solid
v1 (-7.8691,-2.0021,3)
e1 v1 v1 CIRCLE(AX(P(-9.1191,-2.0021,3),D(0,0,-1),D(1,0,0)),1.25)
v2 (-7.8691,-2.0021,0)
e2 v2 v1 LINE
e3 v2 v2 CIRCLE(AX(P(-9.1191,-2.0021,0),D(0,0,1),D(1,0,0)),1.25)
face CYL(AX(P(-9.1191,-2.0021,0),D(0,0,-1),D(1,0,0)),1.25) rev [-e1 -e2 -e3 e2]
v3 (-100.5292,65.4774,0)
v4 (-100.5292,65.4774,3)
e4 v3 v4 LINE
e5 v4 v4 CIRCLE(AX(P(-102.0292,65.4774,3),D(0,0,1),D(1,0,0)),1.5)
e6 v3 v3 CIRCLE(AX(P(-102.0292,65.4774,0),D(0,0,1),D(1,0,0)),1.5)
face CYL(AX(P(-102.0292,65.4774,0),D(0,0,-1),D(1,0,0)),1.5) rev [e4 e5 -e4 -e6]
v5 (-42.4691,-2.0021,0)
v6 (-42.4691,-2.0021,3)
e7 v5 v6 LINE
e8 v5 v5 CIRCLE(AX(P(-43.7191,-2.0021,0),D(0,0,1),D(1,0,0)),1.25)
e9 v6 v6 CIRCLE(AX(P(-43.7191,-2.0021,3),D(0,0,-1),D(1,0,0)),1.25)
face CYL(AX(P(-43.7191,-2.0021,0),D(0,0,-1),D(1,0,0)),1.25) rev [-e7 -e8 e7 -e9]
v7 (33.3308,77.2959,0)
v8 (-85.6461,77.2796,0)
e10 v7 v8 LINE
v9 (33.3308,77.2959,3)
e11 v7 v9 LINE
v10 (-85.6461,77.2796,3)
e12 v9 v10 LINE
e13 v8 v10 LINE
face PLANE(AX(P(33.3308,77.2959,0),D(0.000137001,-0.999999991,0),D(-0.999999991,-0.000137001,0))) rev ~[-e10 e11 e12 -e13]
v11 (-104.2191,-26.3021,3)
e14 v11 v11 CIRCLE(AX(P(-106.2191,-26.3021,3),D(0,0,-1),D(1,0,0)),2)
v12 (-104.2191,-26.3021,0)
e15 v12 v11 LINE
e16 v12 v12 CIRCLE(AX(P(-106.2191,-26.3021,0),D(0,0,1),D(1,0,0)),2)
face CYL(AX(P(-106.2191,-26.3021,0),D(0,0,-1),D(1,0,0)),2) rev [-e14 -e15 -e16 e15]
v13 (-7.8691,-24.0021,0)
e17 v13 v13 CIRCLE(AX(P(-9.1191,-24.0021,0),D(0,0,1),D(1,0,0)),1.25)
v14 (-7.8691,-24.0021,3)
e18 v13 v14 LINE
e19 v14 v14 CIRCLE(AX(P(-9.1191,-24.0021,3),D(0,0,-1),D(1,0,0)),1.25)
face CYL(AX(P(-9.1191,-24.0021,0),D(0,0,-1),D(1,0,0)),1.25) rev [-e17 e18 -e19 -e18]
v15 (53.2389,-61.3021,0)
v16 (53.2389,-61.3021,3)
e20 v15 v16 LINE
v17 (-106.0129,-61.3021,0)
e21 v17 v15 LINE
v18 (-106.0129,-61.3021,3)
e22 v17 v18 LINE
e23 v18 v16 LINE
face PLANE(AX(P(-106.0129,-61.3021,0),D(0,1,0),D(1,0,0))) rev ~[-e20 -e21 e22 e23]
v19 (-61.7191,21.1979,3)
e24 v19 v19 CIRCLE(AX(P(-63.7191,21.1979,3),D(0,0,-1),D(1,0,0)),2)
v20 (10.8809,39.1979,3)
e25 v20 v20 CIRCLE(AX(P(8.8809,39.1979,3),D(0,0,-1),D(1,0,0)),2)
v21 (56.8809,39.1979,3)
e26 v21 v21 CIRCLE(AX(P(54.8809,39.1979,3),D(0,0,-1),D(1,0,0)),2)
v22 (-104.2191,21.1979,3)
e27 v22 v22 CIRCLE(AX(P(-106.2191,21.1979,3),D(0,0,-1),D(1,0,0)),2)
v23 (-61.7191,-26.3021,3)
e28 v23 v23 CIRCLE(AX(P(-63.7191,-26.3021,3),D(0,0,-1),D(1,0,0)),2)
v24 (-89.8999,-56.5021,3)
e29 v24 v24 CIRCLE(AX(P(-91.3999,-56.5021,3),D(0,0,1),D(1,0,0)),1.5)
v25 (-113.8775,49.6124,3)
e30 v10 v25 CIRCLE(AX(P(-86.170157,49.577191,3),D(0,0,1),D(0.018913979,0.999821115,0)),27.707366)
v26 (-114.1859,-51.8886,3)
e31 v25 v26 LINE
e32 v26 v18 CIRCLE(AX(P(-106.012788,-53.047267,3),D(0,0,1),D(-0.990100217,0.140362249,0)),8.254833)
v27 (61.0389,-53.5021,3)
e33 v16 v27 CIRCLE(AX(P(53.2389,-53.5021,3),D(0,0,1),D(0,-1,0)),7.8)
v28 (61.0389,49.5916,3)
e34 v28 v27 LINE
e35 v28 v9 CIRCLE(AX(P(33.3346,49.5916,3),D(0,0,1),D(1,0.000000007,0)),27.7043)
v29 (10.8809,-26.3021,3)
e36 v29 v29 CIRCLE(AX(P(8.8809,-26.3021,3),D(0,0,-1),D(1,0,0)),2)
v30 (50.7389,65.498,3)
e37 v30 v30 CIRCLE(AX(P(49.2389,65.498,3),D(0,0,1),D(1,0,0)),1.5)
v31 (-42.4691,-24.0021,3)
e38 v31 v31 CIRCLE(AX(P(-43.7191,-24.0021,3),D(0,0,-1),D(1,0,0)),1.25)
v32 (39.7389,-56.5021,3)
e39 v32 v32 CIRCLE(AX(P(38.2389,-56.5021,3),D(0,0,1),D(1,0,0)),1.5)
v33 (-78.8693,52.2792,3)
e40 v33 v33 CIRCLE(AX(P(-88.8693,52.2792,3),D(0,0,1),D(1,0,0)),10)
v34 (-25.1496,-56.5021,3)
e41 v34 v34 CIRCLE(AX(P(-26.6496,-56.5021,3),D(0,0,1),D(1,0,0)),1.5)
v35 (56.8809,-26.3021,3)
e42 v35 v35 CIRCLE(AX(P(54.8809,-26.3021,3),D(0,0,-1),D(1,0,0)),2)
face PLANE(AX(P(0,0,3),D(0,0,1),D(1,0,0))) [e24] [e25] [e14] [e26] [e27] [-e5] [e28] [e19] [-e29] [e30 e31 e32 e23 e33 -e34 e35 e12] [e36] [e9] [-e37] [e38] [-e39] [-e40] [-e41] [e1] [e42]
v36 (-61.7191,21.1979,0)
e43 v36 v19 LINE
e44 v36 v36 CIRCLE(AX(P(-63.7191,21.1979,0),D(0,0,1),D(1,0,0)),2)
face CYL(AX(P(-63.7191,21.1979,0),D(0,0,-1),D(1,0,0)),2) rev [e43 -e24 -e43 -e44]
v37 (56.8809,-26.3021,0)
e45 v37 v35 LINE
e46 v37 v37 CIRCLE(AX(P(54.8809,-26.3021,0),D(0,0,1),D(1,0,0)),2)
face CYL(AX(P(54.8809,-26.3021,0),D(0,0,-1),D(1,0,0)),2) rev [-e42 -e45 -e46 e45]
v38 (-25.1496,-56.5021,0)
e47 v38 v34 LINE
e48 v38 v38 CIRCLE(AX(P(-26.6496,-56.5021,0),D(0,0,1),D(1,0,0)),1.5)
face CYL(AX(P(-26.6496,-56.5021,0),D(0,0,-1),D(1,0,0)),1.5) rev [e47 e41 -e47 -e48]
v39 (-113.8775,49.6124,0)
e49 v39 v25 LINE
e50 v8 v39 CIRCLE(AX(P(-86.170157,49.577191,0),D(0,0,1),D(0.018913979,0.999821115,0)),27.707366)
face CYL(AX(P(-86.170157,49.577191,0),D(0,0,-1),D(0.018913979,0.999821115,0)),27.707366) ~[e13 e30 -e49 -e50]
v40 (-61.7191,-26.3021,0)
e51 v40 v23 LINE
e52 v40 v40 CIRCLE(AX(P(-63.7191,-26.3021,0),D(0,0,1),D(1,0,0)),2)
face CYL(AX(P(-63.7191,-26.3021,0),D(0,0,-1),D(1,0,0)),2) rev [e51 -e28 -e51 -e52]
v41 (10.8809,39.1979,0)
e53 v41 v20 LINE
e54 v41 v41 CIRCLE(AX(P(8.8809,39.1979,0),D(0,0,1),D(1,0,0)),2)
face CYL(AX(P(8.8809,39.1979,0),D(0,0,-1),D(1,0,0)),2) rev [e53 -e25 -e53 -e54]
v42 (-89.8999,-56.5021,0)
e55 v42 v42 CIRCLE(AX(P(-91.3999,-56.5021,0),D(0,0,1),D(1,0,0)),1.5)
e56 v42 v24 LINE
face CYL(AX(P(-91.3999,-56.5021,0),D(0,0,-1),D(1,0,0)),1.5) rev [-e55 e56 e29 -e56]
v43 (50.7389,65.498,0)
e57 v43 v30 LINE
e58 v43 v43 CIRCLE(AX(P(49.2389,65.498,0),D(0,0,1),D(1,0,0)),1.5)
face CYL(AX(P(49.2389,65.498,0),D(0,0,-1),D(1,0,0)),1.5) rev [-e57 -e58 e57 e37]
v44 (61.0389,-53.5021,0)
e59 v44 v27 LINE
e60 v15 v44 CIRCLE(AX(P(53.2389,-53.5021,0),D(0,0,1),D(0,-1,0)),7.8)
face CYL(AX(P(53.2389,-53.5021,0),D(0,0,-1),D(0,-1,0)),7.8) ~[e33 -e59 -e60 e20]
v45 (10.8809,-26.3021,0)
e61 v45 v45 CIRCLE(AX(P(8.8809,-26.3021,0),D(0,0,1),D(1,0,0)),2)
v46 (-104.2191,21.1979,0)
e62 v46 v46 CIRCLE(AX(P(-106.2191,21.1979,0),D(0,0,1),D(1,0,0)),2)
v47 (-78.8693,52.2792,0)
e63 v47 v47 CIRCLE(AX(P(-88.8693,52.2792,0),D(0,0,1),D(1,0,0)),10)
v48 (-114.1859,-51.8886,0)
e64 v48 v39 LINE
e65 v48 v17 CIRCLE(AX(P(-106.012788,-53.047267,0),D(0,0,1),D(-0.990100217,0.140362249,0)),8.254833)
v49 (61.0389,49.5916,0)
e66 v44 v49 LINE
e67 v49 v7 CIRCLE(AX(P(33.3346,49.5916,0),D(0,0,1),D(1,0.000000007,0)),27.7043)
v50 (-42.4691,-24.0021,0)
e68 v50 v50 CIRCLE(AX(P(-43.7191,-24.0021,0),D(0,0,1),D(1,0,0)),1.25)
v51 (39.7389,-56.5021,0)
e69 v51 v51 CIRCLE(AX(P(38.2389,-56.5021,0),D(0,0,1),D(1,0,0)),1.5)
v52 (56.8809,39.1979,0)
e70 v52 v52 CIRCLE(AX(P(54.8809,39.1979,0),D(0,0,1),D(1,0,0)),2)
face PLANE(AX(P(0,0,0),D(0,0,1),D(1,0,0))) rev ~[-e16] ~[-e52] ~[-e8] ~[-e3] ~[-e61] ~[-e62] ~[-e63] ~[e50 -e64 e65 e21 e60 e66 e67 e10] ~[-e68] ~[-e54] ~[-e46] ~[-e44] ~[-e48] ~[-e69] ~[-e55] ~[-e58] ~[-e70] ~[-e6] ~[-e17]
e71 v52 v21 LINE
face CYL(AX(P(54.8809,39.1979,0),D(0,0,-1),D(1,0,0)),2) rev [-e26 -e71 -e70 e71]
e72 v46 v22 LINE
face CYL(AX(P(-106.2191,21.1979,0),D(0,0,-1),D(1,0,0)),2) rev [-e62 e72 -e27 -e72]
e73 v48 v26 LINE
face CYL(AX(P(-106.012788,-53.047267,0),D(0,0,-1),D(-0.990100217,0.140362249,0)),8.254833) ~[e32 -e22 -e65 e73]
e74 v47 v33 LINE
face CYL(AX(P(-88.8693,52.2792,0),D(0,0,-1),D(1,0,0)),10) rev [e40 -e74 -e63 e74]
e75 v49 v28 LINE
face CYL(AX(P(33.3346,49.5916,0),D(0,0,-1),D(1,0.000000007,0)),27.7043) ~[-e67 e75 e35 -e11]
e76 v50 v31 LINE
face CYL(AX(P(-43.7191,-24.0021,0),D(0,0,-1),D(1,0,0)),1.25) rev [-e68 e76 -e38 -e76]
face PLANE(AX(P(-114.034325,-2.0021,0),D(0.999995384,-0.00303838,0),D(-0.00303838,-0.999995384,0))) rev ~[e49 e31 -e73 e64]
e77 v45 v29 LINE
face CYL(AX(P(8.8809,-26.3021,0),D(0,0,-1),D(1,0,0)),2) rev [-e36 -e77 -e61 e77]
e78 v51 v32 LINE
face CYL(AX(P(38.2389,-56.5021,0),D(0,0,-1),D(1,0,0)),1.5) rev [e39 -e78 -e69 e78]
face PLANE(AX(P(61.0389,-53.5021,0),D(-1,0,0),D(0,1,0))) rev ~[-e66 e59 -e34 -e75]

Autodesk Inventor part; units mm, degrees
ref_plane "YZ Plane" through (0, 0, 0) normal (1, 0, 0) x (0, 1, 0)
ref_plane "XZ Plane" through (0, 0, 0) normal (0, 1, 0) x (-1, 0, 0)
ref_plane "XY Plane" through (0, 0, 0) normal (0, 0, 1) x (1, 0, 0)
sketch "Sketch1" plane through (0, 0, 0) normal (0, 0, 1) x (1, 0, 0)
  arc A0 (-85.6258, 79.4796) -> (-116.0775, 49.6172) centre (-86.1702, 49.5773) ccw
  line L0 (-85.6258, 79.4796) -> (33.3305, 79.4959)
  arc A1 (63.2389, 49.5916) -> (33.3305, 79.4959) centre (33.3346, 49.5916) ccw
  line L1 (63.2389, -50.9075) -> (63.2389, 49.5916)
  line L2 (63.2389, 49.5916) -> (63.2389, -53.5021)
  line L3 (-116.0775, 49.6172) -> (-116.3855, -51.7391)
  line L4 (-116.0775, 49.6172) -> (-116.0775, -50.4074)
  line L5 (-106.0129, -63.5021) -> (53.2389, -63.5021)
  arc A2 (53.2389, -63.5021) -> (63.2389, -53.5021) centre (53.2389, -53.5021) ccw
  arc A3 (-86.7039, 77.4795) -> (-114.0775, 49.6129) centre (-86.1702, 49.5773) ccw
  line L6 (-86.7039, 77.4795) -> (33.3308, 77.4959)
  arc A4 (61.2389, 49.5916) -> (33.3308, 77.4959) centre (33.3346, 49.5916) ccw
  line L7 (61.2389, 49.5916) -> (61.2389, -53.5021)
  arc A5 (53.2389, -61.5021) -> (61.2389, -53.5021) centre (53.2389, -53.5021) ccw
  line L8 (53.2389, -61.5021) -> (-106.0129, -61.5021)
  arc A6 (-114.3859, -51.8743) -> (-106.0129, -61.5021) centre (-106.0129, -53.0473) ccw
  line L9 (-114.3859, -51.8743) -> (-114.0775, 49.6129)
  line L10 (33.3308, 77.2959) -> (-85.6461, 77.2796)
  arc A7 (-85.6461, 77.2796) -> (-113.8775, 49.6124) centre (-86.1702, 49.5773) ccw
  line L11 (-113.8775, 49.6124) -> (-114.1859, -51.8886)
  arc A8 (-114.1859, -51.8886) -> (-106.0129, -61.3021) centre (-106.0129, -53.0473) ccw
  line L12 (-106.0129, -61.3021) -> (53.2389, -61.3021)
  arc A9 (53.2389, -61.3021) -> (61.0389, -53.5021) centre (53.2389, -53.5021) ccw
  line L13 (61.0389, -53.5021) -> (61.0389, 49.5916)
  arc A10 (61.0389, 49.5916) -> (33.3308, 77.2959) centre (33.3346, 49.5916) ccw
  circle A11 centre (-102.0292, 65.4774) radius 1.5
  circle A12 centre (49.2389, 65.498) radius 1.5
  circle A13 centre (-26.6496, -56.5021) radius 1.5
  circle A14 centre (-91.3999, -56.5021) radius 1.5
  circle A15 centre (38.2389, -56.5021) radius 1.5
  line L14 (-116.0775, -2.0021) -> (63.2389, -2.0021)
  line L15 (-43.7191, -2.0021) -> (-9.1191, -2.0021)
  line L16 (-9.1191, -2.0021) -> (-9.1191, -24.0021)
  line L17 (-9.1191, -24.0021) -> (-43.7191, -24.0021)
  line L18 (-43.7191, -24.0021) -> (-43.7191, -2.0021)
  circle A16 centre (-43.7191, -2.0021) radius 1.25
  circle A17 centre (-9.1191, -2.0021) radius 1.25
  circle A18 centre (-9.1191, -24.0021) radius 1.25
  circle A19 centre (-43.7191, -24.0021) radius 1.25
  line L19 (-63.7191, 9.7883) -> (-63.7191, -26.3021)
  circle A20 centre (-63.7191, 21.1979) radius 2
  circle A21 centre (-63.7191, -26.3021) radius 2
  line L20 (-63.7191, 21.1979) -> (-106.2191, 21.1979)
  line L21 (-63.7191, -26.3021) -> (-106.2191, -26.3021)
  line L22 (-106.2191, -26.3021) -> (-106.2191, 21.1979)
  circle A22 centre (-106.2191, 21.1979) radius 2
  circle A23 centre (-106.2191, -26.3021) radius 2
  line L23 (-63.7191, 9.7883) -> (-63.7191, 21.1979)
  line L24 (-109.1691, 24.1479) -> (-60.7691, 24.1479)
  line L25 (-60.7691, 24.1479) -> (-60.7691, 9.7883)
  line L26 (-60.7691, 9.7883) -> (-60.7691, -29.2521)
  line L27 (-60.7691, -29.2521) -> (-109.1691, -29.2521)
  line L28 (-109.1691, -29.2521) -> (-109.1691, 24.1479)
  line L29 (8.8809, 39.1979) -> (54.8809, 39.1979)
  line L30 (54.8809, 39.1979) -> (54.8809, -26.3021)
  line L31 (54.8809, -26.3021) -> (8.8809, -26.3021)
  line L32 (8.8809, -26.3021) -> (8.8809, 39.1979)
  circle A24 centre (8.8809, 39.1979) radius 2
  circle A25 centre (54.8809, 39.1979) radius 2
  circle A26 centre (8.8809, -26.3021) radius 2
  circle A27 centre (54.8809, -26.3021) radius 2
  circle A28 centre (-88.8693, 52.2792) radius 10
  point P0 (0, 0)
  point P1 (44.321, -53.9075)
  point P2 (51.321, -50.9075)
  point P3 (-9.1191, -13.0021)
  point P4 (-84.9691, -26.3021)
  dimension "d0" = 10
  dimension "d1" = 2
  dimension "d2" = 0.2
  dimension "d3" = 3
  dimension "d4" = 3
  dimension "d5" = 3
  dimension "d6" = 3
  dimension "d7" = 3
  dimension "d8" = 14
  dimension "d9" = 14
  dimension "d10" = 14
  dimension "d11" = 14
  dimension "d12" = 89.75
  dimension "d13" = 7
  dimension "d14" = 7
  dimension "d15" = 7
  dimension "d16" = 25
  dimension "d17" = 25
  dimension "d20" = 61.5
  dimension "d21" = 34.6
  dimension "d22" = 22
  dimension "d23" = 2.5
  dimension "d24" = 2.5
  dimension "d25" = 2.5
  dimension "d26" = 2.5
  dimension "d27" = 0
  dimension "d28" = 179.3164
  dimension "d29" = 72.358
  dimension "d32" = 20
  dimension "d33" = 47.5
  dimension "d34" = 4
  dimension "d35" = 4
  dimension "d36" = 42.5
  dimension "d37" = 4
  dimension "d38" = 4
  dimension "d39" = 48.4
  dimension "d51" = 46
  dimension "d52" = 65.5
  dimension "d53" = 18
  dimension "d54" = 35
  dimension "d55" = 35
  dimension "d56" = 4
  dimension "d57" = 4
  dimension "d58" = 4
  dimension "d59" = 4
  dimension "d62" = 20
  dimension "d63" = 25
  dimension "d64" = 25
  dimension "d67" = 27.7043
extrude "Extrusion1" add sketch "Sketch1" along normal blind 3 contours L14 L28 L27 L26 A16 L18 A19 L17 A18 L16 A17 L32 A26 L31 A27 L30 L13 A9 L12 A8 L11 | L11 A7 L10 A10 L13 L14 L30 A25 L29 A24 L32 A17 A16 L26 L25 L24 L28 | L28 L24 L25 L26 L14 L19 L23 A20 L20 A22 L22 | L14 L22 A23 L21 A21 L19 L26 L27 L28 | L22 A22 L20 A20 L23 L19 L14 | L14 L19 A21 L21 A23 L22 | L30 A27 L31 A26 L32 L14 | L14 L32 A24 L29 A25 L30 | A23 L21 L22 | L22 L21 A23 | A22 L20 L22 | L22 L20 A22 | A25 L29 L30 | L30 L29 A25 | A27 L31 L30 | L30 L31 A27 | A21 L21 L19 | L19 L21 A21 | A17 L16 L14 | L14 A17 | A26 L31 L32 | L32 L31 A26 | A24 L29 L32 | L32 L29 A24 | A16 L14 | L14 L18 A16 | L23 L20 A20 | A20 L20 L23 | L16 A17 L14 | A17 L16 A18 L17 A19 L18 A16 L14 | L14 A16 L18 | A18 L17 L16 | L16 L17 A18 | A19 L17 L18 | L18 L17 A19 | A28
extrude "Extrusion2" cut sketch "Sketch1" along normal up to surface (3 mm away) contours A17 L16 L14 | L14 A17 | A16 L14 | L14 L18 A16 | L16 A17 L14 | L14 A16 L18 | A18 L17 L16 | L16 L17 A18 | A19 L17 L18 | L18 L17 A19
extrude "Extrusion3" cut sketch "Sketch1" along normal blind 3 contours A23 L21 L22 | L22 L21 A23 | A22 L20 L22 | L22 L20 A22 | A21 L21 L19 | L19 L21 A21 | L23 L20 A20 | A20 L20 L23
extrude "Extrusion5" cut sketch "Sketch1" along normal up to surface (3 mm away) contours A25 L29 L30 | L30 L29 A25 | A27 L31 L30 | L30 L31 A27 | A26 L31 L32 | L32 L31 A26 | A24 L29 L32 | L32 L29 A24
extrude "Extrusion6" cut sketch "Sketch1" along normal blind 3 contours A28
properties part number "Final_Back_Cover_1"
